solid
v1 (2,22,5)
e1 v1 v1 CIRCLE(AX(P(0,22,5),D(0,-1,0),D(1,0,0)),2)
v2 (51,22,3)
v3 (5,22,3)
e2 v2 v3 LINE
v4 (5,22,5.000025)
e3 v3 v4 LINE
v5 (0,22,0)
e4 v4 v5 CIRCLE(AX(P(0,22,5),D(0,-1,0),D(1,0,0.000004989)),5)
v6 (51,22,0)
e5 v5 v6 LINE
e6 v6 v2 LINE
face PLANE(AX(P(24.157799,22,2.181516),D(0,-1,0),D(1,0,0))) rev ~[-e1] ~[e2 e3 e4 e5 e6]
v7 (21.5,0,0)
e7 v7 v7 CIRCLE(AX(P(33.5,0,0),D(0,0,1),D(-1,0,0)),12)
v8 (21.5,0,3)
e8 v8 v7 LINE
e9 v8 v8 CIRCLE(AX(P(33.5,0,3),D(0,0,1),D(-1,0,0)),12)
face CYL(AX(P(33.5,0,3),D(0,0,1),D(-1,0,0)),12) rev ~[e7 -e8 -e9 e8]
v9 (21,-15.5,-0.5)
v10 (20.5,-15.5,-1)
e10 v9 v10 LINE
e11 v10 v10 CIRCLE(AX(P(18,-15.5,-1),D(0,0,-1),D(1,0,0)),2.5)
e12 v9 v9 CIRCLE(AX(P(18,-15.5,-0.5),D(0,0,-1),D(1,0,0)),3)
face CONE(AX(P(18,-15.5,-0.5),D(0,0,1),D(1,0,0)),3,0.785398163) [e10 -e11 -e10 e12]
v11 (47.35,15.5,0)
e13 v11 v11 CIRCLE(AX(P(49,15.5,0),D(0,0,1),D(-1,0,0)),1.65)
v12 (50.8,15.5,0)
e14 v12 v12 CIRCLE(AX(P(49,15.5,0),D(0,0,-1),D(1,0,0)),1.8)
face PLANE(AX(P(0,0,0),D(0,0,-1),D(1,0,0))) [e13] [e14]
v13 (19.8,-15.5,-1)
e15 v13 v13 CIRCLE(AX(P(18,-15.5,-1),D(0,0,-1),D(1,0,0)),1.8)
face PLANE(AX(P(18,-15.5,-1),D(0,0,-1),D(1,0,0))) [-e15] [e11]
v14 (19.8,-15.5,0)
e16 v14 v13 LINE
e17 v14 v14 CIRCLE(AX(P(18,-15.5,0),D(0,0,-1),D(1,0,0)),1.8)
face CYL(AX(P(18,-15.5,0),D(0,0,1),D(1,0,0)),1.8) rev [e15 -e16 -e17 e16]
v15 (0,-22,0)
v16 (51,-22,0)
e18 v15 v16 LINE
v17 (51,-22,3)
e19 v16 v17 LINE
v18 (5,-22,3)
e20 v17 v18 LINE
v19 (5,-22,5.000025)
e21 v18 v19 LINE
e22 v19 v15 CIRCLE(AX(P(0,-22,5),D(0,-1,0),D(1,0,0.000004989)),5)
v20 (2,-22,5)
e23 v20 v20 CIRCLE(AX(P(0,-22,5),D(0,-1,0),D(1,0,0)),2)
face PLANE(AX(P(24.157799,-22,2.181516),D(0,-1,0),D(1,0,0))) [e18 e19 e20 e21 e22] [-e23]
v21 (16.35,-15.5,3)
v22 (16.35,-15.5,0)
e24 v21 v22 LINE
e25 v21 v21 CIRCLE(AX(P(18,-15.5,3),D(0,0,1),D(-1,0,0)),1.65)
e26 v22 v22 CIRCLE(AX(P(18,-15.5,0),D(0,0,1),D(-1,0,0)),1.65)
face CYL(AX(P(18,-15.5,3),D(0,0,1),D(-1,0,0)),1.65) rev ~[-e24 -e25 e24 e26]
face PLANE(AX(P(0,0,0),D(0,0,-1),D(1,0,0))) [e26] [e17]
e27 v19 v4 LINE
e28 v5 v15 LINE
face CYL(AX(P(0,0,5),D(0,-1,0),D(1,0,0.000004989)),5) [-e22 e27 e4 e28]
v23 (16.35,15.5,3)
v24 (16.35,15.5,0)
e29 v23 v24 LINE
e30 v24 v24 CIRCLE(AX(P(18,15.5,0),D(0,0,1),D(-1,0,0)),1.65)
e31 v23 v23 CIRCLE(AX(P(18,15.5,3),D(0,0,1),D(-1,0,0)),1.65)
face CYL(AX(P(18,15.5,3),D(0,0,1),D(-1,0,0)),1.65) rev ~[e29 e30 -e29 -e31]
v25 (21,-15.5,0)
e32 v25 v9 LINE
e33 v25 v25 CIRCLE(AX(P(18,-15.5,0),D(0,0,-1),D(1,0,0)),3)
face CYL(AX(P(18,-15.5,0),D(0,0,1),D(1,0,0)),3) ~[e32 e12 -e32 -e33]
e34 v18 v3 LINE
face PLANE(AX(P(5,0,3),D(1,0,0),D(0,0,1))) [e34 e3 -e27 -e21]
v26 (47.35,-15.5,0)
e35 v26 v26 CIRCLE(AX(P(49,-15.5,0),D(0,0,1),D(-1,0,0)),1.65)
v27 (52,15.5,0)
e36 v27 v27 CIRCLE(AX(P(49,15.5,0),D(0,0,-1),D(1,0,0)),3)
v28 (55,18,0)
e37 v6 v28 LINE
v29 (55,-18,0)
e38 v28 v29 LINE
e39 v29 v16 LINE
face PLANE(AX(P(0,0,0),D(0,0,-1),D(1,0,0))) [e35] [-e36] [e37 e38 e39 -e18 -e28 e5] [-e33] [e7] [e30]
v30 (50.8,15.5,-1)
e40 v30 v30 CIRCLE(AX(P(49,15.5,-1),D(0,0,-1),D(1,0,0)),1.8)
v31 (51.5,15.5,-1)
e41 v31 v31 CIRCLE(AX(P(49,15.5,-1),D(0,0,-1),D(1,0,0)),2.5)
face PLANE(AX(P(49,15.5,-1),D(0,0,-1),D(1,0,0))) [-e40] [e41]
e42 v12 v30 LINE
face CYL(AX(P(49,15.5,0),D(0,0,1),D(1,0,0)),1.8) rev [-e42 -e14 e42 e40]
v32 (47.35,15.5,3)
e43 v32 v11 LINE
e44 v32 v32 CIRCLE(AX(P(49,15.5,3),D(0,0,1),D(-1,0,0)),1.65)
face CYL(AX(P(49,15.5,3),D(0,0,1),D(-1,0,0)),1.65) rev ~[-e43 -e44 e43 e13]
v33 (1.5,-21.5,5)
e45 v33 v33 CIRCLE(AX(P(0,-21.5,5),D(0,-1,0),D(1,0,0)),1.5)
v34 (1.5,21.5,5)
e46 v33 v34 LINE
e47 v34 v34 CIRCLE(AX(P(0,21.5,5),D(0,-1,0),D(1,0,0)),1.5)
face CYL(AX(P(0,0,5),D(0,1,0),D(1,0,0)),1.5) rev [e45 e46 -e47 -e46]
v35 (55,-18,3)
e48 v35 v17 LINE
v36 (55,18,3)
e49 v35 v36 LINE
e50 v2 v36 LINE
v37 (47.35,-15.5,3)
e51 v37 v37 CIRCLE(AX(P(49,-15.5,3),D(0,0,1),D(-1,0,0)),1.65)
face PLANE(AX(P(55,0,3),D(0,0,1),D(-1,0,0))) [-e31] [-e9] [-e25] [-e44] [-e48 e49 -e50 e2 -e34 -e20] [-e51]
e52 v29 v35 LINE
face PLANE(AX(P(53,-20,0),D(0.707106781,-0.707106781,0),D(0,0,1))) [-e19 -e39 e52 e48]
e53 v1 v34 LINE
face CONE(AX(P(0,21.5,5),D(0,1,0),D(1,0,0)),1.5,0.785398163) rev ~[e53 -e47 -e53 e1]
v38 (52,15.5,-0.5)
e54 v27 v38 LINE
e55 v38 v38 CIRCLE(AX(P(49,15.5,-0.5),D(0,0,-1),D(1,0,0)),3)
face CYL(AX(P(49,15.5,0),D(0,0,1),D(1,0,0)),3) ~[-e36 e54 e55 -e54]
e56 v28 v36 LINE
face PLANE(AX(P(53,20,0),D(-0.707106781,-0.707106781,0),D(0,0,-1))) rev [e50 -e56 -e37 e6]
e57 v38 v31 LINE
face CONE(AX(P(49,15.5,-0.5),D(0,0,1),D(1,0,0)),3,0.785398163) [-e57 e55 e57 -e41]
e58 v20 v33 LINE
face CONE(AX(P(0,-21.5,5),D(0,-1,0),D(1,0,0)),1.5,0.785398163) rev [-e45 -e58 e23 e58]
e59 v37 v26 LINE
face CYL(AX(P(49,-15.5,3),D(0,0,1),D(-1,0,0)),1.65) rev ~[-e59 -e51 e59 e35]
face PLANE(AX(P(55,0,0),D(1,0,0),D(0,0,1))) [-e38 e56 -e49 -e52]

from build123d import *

# Parameters (mm, degrees)
SKETCH_R        = 1.5
PAD_DEPTH       = 22
SKETCH001_R     = 12
SKETCH001_R_2   = 1.65
POCKET_DEPTH    = 3.001
CHAMFER_SIZE    = 0.5
CHAMFER001_SIZE = 4
SKETCH002_R     = 3
SKETCH002_R_2   = 1.8
PAD001_DEPTH    = 1
CHAMFER002_SIZE = 0.5


with BuildPart() as part:
    # Sketch → Pad (new body, symmetric)
    with BuildSketch(Plane.XZ):
        with BuildLine():
            ThreePointArc((5, 5.000025), (-3.535543, 8.535525), (0, 0))
            Line((0, 0), (55, 0))
            Line((55, 0), (55, 3))
            Line((55, 3), (5, 3))
            Line((5, 3), (5, 5.000025))
        make_face()
        with Locations((0, 5)):
            Circle(SKETCH_R, mode=Mode.SUBTRACT)
    extrude(amount=PAD_DEPTH, both=True)

    # Sketch001 → Pocket (cut, through all)
    with BuildSketch(Plane(origin=(0, 0, 3), x_dir=(-1, 0, 0), z_dir=(0, 0, 1))):
        with Locations((-33.5, 0)):
            Circle(SKETCH001_R)
        with Locations((-49, 15.5)):
            Circle(SKETCH001_R_2)
        with Locations((-18, 15.5)):
            Circle(SKETCH001_R_2)
        with Locations((-18, -15.5)):
            Circle(SKETCH001_R_2)
        with Locations((-49, -15.5)):
            Circle(SKETCH001_R_2)
    extrude(amount=-POCKET_DEPTH, mode=Mode.SUBTRACT)

    # Chamfer
    chamfer_edges = [part.edges().sort_by_distance(p)[0] for p in [
        (-1.5, -22, 5),
        (-1.5, 22, 5),
    ]]
    chamfer(chamfer_edges, length=CHAMFER_SIZE)

    # Chamfer001
    chamfer001_edges = [part.edges().sort_by_distance(p)[0] for p in [
        (55, 22, 1.5),
        (55, -22, 1.5),
    ]]
    chamfer(chamfer001_edges, length=CHAMFER001_SIZE)

    # Sketch002 → Pad001 (new body)
    with BuildSketch(Plane(origin=(0, 0, 0), x_dir=(1, 0, 0), z_dir=(0, 0, -1))):
        with Locations((49, -15.5)):
            Circle(SKETCH002_R)
        with Locations((49, -15.5)):
            Circle(SKETCH002_R_2, mode=Mode.SUBTRACT)
        with Locations((18, 15.5)):
            Circle(SKETCH002_R)
        with Locations((18, 15.5)):
            Circle(SKETCH002_R_2, mode=Mode.SUBTRACT)
    extrude(amount=PAD001_DEPTH)

    # Chamfer002
    chamfer002_edges = [part.edges().sort_by_distance(p)[0] for p in [
        (46, 15.5, -1),
        (15, -15.5, -1),
    ]]
    chamfer(chamfer002_edges, length=CHAMFER002_SIZE)


solid = part.part
